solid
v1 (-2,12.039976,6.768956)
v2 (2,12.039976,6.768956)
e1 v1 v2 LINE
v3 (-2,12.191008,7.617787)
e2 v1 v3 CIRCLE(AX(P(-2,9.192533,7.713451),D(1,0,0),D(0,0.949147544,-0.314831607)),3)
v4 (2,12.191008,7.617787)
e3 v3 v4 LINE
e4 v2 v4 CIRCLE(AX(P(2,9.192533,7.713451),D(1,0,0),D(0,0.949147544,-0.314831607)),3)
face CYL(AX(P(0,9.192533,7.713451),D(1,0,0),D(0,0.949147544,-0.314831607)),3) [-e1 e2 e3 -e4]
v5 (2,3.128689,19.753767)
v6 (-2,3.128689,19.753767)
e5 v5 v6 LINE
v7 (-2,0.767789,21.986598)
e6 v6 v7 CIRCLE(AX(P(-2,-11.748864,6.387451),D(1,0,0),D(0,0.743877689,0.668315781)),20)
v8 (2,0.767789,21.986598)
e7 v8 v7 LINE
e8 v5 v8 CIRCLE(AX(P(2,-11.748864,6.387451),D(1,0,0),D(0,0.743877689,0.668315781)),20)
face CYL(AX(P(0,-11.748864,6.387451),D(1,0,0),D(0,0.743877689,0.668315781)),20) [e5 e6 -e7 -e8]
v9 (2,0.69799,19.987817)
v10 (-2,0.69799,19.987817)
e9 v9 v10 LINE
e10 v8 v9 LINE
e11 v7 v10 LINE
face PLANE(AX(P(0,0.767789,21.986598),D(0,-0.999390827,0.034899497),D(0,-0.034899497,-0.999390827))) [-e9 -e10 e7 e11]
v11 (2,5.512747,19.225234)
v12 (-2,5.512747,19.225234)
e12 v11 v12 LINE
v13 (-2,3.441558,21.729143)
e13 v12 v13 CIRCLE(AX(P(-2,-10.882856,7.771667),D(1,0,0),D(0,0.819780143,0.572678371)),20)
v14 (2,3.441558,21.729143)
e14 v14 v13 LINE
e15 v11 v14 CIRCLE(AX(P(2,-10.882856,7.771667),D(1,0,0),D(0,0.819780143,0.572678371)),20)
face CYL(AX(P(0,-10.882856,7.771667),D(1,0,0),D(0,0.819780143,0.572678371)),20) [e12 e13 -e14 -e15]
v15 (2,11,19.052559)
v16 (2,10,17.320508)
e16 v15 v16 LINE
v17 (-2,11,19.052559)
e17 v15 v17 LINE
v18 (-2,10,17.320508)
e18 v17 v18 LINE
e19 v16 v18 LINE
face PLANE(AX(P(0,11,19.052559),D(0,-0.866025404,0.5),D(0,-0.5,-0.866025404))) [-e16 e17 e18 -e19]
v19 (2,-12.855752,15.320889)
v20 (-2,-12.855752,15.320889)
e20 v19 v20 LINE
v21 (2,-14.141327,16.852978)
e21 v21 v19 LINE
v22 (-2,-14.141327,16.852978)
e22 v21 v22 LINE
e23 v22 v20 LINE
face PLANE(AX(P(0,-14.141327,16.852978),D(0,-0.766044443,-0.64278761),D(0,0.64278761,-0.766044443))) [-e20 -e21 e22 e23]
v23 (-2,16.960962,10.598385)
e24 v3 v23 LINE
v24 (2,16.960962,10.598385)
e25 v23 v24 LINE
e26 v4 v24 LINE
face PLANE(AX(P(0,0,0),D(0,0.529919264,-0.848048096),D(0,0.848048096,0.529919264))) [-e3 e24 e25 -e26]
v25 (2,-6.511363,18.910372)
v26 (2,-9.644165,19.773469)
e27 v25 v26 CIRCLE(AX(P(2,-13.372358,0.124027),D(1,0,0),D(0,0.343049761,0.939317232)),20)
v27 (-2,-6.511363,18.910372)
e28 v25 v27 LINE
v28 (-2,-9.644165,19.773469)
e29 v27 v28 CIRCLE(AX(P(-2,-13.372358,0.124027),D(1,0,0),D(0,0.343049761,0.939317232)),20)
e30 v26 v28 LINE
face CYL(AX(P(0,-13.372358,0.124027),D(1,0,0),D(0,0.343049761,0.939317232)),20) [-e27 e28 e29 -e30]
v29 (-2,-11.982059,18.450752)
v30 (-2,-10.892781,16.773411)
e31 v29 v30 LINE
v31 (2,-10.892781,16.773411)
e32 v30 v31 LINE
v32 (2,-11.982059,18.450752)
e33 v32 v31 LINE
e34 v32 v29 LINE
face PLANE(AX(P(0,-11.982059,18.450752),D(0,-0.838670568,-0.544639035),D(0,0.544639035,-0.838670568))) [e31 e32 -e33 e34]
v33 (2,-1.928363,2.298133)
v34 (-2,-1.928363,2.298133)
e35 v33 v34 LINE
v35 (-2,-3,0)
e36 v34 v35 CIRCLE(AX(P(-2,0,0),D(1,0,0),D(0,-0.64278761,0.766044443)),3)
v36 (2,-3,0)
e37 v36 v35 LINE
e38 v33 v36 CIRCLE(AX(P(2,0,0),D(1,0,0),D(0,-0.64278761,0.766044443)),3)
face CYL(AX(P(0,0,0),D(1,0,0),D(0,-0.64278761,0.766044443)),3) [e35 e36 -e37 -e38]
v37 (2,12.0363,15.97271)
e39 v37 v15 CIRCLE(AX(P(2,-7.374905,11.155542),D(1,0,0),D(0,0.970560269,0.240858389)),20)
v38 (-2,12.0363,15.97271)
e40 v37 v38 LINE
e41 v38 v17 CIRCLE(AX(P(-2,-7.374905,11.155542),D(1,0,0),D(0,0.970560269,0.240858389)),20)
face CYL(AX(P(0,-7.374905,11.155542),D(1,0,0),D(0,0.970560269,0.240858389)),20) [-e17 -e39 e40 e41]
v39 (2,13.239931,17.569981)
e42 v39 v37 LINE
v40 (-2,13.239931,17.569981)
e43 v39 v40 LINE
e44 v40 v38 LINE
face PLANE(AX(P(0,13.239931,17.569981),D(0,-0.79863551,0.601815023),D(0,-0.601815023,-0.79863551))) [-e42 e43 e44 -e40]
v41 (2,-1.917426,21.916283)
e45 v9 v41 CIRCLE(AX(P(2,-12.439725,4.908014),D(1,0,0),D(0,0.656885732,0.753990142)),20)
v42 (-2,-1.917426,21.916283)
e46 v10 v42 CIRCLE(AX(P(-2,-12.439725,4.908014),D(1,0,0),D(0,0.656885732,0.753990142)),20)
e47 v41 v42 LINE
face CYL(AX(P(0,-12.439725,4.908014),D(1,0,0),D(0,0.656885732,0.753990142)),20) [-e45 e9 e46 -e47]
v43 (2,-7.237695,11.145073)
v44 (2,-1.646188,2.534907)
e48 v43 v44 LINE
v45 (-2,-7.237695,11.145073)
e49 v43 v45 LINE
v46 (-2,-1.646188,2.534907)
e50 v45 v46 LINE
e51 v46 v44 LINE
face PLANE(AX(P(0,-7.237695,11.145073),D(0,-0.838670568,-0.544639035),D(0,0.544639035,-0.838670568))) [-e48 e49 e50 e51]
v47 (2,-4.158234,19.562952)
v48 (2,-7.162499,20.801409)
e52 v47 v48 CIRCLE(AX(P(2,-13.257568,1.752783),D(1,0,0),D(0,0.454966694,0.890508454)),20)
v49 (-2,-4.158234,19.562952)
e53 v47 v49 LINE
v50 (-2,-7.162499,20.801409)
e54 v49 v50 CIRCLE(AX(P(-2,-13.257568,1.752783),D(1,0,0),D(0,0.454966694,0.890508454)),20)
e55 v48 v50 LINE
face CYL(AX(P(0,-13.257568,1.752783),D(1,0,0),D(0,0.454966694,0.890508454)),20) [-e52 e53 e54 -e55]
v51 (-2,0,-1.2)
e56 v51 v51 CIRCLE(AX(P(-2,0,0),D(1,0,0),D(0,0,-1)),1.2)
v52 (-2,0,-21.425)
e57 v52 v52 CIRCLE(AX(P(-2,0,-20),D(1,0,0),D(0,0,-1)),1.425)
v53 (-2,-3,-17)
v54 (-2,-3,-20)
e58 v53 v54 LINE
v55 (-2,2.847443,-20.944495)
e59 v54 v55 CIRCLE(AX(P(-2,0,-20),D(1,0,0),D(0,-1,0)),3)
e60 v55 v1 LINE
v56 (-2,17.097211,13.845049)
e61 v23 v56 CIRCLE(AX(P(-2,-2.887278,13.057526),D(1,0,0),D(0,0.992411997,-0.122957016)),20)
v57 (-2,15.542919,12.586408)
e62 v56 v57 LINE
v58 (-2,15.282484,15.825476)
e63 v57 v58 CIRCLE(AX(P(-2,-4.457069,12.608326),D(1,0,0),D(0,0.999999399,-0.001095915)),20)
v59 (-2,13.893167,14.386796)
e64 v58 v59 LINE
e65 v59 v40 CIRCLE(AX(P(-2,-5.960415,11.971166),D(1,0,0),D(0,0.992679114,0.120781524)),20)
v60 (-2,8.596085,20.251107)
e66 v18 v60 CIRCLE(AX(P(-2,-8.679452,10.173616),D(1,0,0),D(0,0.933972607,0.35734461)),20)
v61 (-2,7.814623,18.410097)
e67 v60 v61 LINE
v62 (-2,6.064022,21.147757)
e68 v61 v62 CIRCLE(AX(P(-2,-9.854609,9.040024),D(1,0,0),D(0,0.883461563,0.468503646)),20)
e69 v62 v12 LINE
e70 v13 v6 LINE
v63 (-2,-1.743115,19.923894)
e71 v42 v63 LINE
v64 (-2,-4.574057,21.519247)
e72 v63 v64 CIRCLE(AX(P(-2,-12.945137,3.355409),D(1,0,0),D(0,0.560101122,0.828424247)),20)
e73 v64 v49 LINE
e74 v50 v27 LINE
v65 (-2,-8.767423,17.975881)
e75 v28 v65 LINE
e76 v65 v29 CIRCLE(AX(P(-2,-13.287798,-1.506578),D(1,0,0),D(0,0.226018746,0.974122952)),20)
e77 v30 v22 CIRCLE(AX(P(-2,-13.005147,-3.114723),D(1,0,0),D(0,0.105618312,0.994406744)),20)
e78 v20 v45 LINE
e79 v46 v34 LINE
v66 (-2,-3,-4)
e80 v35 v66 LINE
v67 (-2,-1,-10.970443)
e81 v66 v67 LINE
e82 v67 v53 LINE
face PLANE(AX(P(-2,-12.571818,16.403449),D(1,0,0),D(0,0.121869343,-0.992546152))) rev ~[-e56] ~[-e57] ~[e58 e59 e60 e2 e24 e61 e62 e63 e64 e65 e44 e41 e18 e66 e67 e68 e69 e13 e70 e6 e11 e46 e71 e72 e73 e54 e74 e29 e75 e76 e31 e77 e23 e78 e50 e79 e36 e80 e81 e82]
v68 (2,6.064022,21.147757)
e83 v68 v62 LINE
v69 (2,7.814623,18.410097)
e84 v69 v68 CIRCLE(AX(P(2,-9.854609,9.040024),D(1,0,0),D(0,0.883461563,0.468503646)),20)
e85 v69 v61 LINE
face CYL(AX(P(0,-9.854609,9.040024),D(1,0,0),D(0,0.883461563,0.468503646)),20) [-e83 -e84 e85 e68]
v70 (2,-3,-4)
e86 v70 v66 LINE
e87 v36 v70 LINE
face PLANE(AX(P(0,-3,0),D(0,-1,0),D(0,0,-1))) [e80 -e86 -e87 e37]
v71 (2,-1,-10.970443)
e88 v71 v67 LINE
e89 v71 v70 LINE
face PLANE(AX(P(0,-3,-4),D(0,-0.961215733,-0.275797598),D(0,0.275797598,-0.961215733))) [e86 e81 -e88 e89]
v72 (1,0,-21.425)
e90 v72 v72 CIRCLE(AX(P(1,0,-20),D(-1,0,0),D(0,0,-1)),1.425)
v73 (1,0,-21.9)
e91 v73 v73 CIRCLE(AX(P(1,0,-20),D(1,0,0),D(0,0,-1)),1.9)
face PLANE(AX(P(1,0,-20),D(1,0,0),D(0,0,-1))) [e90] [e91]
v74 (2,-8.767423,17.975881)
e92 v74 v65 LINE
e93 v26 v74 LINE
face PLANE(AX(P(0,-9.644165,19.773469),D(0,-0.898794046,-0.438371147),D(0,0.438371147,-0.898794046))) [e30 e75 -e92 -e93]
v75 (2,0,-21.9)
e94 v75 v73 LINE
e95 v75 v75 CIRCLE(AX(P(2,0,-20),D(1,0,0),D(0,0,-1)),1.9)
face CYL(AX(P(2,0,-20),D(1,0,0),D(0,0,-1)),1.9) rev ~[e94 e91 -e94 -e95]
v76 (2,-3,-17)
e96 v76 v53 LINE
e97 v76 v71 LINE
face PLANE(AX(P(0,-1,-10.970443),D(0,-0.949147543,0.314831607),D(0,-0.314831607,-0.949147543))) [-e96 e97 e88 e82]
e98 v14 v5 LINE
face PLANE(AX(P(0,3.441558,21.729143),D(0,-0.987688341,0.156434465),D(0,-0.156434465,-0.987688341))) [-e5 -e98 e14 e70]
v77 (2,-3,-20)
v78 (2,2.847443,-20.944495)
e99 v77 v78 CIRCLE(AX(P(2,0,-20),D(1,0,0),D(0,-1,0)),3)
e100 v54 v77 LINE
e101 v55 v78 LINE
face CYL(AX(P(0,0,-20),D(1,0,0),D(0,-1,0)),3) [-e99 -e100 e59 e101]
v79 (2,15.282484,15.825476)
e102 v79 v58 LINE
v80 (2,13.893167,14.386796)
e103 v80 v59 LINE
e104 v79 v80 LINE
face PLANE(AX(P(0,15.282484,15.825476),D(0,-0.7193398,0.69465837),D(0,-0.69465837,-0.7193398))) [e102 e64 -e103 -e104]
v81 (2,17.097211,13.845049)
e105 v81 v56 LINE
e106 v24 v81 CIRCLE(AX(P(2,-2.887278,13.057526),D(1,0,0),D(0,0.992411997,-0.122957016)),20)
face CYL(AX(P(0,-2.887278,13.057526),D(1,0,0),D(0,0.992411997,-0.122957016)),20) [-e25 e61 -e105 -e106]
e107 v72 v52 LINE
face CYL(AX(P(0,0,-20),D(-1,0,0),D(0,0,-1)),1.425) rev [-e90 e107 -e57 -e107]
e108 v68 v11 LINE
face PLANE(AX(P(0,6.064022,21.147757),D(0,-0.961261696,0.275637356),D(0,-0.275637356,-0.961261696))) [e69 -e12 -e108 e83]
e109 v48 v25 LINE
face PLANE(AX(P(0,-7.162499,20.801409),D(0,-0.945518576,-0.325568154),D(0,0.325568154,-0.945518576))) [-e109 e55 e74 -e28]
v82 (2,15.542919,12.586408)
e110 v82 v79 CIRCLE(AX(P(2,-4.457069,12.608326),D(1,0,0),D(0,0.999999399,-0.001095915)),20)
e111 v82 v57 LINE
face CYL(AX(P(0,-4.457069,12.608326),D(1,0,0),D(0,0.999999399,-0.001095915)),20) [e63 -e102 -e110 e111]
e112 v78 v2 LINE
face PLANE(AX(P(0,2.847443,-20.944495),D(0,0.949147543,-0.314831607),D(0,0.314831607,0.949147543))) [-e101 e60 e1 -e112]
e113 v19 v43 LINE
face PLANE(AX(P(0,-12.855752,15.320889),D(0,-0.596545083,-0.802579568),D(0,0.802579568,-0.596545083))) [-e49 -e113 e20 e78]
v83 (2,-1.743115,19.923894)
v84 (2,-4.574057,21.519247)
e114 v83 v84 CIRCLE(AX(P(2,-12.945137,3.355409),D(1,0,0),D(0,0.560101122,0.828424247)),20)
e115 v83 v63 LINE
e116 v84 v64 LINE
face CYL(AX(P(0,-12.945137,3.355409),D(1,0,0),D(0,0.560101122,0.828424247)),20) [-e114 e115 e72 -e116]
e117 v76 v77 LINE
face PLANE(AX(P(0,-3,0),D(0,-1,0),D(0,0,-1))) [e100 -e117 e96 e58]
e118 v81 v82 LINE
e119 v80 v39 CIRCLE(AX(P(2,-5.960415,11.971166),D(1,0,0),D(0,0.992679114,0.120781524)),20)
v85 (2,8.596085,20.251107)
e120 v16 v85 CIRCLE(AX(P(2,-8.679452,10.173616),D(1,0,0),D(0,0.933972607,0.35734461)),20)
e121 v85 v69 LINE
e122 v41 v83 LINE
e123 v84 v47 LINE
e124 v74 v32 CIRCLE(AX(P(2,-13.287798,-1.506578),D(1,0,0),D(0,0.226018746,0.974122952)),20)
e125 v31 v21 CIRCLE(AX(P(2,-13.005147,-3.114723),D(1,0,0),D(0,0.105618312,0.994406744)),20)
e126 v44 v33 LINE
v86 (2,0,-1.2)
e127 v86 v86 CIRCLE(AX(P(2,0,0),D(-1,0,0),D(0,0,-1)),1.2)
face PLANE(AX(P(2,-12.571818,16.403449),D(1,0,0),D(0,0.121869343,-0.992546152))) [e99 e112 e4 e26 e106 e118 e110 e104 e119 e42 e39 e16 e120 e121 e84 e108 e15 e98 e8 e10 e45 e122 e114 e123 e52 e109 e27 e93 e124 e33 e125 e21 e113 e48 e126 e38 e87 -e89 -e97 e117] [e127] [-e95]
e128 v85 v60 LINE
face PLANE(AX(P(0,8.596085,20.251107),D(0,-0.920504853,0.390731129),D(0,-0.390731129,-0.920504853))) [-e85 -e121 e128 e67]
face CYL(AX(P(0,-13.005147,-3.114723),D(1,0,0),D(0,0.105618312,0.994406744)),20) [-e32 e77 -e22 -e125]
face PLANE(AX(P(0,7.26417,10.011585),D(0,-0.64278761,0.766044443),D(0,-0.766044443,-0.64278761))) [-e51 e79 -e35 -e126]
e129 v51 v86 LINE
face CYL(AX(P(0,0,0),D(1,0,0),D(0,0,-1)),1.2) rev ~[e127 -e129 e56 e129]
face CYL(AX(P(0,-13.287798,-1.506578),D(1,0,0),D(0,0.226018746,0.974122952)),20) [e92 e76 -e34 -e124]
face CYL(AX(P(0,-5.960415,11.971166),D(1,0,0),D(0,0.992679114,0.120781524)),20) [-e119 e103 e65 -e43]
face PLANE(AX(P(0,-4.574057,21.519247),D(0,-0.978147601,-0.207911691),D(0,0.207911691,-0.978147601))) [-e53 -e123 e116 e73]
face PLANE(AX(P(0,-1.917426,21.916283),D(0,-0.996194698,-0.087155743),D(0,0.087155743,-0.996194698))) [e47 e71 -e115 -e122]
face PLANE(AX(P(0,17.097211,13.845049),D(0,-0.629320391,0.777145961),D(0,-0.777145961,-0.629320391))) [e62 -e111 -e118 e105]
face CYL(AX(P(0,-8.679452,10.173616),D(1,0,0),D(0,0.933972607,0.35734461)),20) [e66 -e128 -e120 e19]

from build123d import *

# Parameters (mm, degrees)
SKETCH_1_R               = 1.2
SKETCH_1_R_2             = 1.425
EXTRUDE_1_DEPTH          = 2
SKETCH_3_R               = 1.9
CUT_EXTRUDE_2_DEPTH      = 1
EXTRUDE_2_DEPTH          = 2
EXTRUDE_3_DEPTH          = 2
PATTERN_CIRCULAR_1_COUNT = 13
PATTERN_CIRCULAR_1_ANGLE = 84
PATTERN_CIRCULAR_2_COUNT = 2
PATTERN_CIRCULAR_2_ANGLE = 7
SKETCH_1_2_R             = 1.2
CUT_EXTRUDE_3_DEPTH      = 2
CUT_EXTRUDE_4_DEPTH      = 3
CUT_EXTRUDE_4_DEPTH_BACK = 3


with BuildPart() as part:
    # 草图1 → 凸台-拉伸1 (new body, symmetric)
    with BuildSketch(Plane(origin=(0, 0, 0), x_dir=(0, 0, -1), z_dir=(1, 0, 0))):
        with BuildLine():
            Line((0, -3), (20, -3))
            ThreePointArc((20, -3), (22.961615091, -0.478368116), (20.944494821, 2.84744263))
            Line((20.944494821, 2.84744263), (-6.768956495, 12.039975948))
            ThreePointArc((-6.768956495, 12.039975948), (-10.195419033, 10.877714688), (-10.011584646, 7.264170488))
            Line((-10.011584646, 7.264170488), (-2.298133329, -1.928362829))
            ThreePointArc((-2.298133329, -1.928362829), (-1.267854785, -2.718923361), (0, -3))
        make_face()
        Circle(SKETCH_1_R, mode=Mode.SUBTRACT)
        with Locations((20, 0)):
            Circle(SKETCH_1_R_2, mode=Mode.SUBTRACT)
        with Locations((-7.713451316, 9.192533317)):
            Circle(SKETCH_1_R, mode=Mode.SUBTRACT)
    extrude(amount=EXTRUDE_1_DEPTH, both=True)

    # 草图3 → 切除-拉伸2 (cut)
    with BuildSketch(Plane(origin=(2, 0, 0), x_dir=(0, 0, -1), z_dir=(1, 0, 0))):
        with Locations((20, 0)):
            Circle(SKETCH_3_R)
    extrude(amount=-CUT_EXTRUDE_2_DEPTH, mode=Mode.SUBTRACT)

    # 草图4 → 凸台-拉伸2 (add, symmetric)
    with BuildSketch(Plane(origin=(0, 0, 0), x_dir=(0, 0, -1), z_dir=(1, 0, 0))):
        with BuildLine():
            Line((-11.14507328, -7.237695215), (0, 0))
            Line((0, 0), (-10.598385285, 16.960961923))
            ThreePointArc((-10.598385285, 16.960961923), (-19.753766812, 3.128689301), (-15.320888862, -12.855752194))
            Line((-15.320888862, -12.855752194), (-11.14507328, -7.237695215))
        make_face()
    extrude(amount=EXTRUDE_2_DEPTH, both=True)

    # 草图4<3> → 凸台-拉伸3 (add, symmetric)
    with BuildSketch(Plane(origin=(0, 0, 0), x_dir=(0, 0, -1), z_dir=(1, 0, 0))):
        with BuildLine():
            Line((-18.450752495, -11.98205877), (-16.773411359, -10.8927807))
            ThreePointArc((-16.773411359, -10.8927807), (-17.407113919, -9.848471202), (-17.975880926, -8.767422936))
            ThreePointArc((-17.975880926, -8.767422936), (-18.278712452, -10.365080481), (-18.450752495, -11.98205877))
        make_face()
    extrude_3 = extrude(amount=EXTRUDE_3_DEPTH, both=True)

    # 阵列(圆周)1: 凸台-拉伸3 ×13 about axis
    pattern_circular_1_axis = Axis((0, 0, 0), (-1, 0, 0))
    for i in range(1, PATTERN_CIRCULAR_1_COUNT):
        add(extrude_3.rotate(pattern_circular_1_axis, i * PATTERN_CIRCULAR_1_ANGLE / (PATTERN_CIRCULAR_1_COUNT - 1)))

    # 阵列(圆周)2: 凸台-拉伸3 ×2 about axis
    pattern_circular_2_axis = Axis((0, 0, 0), (1, 0, 0))
    for i in range(1, PATTERN_CIRCULAR_2_COUNT):
        add(extrude_3.rotate(pattern_circular_2_axis, i * PATTERN_CIRCULAR_2_ANGLE / (PATTERN_CIRCULAR_2_COUNT - 1)))

    # 草图1<2> → 切除-拉伸3 (cut, symmetric)
    with BuildSketch(Plane(origin=(0, 0, 0), x_dir=(0, 0, -1), z_dir=(1, 0, 0))):
        Circle(SKETCH_1_2_R)
    extrude(amount=CUT_EXTRUDE_3_DEPTH, both=True, mode=Mode.SUBTRACT)

    # 草图5 → 切除-拉伸4 (cut, two sides)
    with BuildSketch(Plane(origin=(0, 0, 0), x_dir=(0, 0, -1), z_dir=(1, 0, 0))) as cut_extrude_4_sk:
        Polygon((4, -3), (10.970443107, -1), (17, -3), align=None)
    extrude(amount=CUT_EXTRUDE_4_DEPTH, mode=Mode.SUBTRACT)
    extrude(cut_extrude_4_sk.sketch, amount=-CUT_EXTRUDE_4_DEPTH_BACK, mode=Mode.SUBTRACT)


solid = part.part
